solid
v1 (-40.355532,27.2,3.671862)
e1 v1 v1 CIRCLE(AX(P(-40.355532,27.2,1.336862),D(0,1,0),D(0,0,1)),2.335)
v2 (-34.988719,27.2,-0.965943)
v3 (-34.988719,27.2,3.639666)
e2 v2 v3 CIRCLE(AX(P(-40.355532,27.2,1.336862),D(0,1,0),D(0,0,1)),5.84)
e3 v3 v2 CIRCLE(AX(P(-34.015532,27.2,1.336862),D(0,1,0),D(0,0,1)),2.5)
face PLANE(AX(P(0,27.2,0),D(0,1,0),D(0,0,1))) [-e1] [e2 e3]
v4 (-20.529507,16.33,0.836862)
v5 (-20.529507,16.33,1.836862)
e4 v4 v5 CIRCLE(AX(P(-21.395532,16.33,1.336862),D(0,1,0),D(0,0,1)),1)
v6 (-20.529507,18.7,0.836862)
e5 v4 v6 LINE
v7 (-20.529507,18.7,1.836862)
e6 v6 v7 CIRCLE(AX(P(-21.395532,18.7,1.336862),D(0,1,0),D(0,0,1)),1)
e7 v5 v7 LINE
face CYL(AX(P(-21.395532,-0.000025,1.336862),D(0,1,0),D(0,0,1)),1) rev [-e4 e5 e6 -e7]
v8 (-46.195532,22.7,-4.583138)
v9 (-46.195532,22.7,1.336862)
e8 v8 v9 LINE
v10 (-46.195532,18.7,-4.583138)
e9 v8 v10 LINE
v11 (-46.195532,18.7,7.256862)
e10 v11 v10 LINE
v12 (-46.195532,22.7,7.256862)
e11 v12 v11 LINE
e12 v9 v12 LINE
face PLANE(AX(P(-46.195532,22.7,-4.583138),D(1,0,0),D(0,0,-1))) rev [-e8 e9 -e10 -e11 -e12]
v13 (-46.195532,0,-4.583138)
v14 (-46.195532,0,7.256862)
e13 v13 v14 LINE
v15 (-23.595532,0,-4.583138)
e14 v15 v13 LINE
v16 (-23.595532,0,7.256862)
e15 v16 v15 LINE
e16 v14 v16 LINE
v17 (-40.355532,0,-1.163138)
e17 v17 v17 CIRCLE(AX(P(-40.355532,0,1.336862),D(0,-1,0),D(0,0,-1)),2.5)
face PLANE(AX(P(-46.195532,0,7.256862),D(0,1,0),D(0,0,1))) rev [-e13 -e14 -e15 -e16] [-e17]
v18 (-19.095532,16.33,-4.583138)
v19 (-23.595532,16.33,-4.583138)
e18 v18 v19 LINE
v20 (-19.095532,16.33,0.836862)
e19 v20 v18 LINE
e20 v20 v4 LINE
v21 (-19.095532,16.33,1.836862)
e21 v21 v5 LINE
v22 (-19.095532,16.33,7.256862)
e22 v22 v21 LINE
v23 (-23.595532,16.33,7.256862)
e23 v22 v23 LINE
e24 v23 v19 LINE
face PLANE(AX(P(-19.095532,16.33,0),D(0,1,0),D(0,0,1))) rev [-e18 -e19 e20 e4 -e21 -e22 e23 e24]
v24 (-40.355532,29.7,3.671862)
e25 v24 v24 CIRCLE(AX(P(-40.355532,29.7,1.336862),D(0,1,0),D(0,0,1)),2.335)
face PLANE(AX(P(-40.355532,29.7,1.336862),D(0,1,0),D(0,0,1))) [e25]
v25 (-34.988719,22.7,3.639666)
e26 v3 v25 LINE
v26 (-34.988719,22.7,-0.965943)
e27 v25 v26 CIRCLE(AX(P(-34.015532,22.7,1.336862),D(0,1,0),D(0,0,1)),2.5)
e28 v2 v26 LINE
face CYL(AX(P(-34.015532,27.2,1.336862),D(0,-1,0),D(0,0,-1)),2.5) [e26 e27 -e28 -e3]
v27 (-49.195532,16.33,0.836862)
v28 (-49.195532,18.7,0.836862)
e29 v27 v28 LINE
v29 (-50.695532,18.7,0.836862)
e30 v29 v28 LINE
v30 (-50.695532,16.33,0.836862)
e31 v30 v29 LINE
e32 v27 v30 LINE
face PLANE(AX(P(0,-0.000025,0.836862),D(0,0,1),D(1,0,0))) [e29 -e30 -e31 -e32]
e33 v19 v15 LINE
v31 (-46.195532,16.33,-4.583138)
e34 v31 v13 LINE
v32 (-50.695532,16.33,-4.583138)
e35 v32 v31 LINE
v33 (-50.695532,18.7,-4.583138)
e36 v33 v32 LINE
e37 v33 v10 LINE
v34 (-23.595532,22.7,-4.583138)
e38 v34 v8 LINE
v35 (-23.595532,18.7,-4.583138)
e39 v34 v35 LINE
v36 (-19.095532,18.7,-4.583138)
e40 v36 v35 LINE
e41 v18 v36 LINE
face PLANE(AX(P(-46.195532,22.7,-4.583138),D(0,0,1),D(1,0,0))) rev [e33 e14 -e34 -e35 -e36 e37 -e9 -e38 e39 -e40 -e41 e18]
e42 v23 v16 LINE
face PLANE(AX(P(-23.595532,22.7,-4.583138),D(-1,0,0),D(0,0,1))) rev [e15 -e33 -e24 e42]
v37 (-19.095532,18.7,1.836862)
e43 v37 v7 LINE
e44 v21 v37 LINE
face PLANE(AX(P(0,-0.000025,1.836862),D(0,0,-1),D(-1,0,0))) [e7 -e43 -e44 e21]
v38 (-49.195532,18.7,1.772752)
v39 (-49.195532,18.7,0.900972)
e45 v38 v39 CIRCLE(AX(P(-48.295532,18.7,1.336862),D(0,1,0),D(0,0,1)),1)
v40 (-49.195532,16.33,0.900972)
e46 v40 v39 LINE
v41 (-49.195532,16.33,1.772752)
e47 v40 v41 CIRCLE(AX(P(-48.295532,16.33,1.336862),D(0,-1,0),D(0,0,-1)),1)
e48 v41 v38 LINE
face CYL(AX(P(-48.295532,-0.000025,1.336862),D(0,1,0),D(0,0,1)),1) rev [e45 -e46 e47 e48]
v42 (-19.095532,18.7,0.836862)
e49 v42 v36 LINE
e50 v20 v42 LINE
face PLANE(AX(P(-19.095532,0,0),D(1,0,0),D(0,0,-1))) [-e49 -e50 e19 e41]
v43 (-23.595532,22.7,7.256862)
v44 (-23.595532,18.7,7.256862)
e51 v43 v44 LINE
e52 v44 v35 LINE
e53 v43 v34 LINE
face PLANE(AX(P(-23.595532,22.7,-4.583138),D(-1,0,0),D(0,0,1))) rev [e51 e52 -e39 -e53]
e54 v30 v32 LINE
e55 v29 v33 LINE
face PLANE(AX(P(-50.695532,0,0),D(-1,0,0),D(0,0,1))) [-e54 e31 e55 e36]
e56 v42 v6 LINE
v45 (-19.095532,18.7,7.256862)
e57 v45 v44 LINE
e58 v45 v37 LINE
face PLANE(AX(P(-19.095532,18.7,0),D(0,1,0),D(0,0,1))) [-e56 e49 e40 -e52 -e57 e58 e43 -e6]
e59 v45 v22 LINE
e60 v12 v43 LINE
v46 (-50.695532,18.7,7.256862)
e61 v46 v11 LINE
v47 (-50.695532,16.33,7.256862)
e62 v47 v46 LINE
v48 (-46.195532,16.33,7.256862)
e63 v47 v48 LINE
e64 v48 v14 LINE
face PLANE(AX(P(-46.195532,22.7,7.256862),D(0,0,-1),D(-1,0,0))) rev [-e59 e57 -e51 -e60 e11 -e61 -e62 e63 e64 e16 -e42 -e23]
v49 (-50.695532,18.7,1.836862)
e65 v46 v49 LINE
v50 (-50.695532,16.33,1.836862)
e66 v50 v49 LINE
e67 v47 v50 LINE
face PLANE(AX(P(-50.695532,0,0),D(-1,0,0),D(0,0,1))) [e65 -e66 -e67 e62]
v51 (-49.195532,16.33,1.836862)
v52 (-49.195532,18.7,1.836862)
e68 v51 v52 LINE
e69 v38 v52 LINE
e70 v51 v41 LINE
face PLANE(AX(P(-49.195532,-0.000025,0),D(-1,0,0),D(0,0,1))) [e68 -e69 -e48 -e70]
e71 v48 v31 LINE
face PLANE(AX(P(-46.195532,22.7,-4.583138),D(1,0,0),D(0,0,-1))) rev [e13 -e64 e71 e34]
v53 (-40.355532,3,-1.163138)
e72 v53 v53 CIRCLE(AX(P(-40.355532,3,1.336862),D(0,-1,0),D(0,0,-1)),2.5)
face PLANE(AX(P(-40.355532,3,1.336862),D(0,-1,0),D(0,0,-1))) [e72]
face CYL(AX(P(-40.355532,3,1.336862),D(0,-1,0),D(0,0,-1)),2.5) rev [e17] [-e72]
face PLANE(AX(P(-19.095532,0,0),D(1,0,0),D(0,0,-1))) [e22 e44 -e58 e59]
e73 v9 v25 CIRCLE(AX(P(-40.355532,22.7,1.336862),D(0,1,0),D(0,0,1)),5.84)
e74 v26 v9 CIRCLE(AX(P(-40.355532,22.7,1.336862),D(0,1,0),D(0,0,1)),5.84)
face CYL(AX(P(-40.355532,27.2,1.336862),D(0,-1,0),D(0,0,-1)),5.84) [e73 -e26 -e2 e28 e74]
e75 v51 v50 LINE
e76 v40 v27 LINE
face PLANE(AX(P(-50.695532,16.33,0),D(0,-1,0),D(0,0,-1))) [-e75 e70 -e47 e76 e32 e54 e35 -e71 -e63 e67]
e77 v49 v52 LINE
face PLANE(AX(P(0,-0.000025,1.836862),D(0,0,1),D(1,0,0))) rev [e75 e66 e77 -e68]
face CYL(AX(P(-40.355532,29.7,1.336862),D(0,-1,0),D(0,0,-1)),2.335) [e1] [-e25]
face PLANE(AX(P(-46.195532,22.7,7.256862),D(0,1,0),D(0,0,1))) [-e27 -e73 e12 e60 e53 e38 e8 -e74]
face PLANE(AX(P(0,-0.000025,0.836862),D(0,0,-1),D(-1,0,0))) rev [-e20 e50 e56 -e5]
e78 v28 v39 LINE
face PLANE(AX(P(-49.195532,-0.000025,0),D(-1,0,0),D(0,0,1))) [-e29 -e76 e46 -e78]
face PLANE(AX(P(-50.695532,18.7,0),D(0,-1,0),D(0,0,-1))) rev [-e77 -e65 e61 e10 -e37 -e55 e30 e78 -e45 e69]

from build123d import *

# Parameters (mm, degrees)
SKETCH1_W            = 22.6
SKETCH1_H            = 11.84
BOSS_EXTRUDE1_DEPTH  = 22.7
SKETCH4_R            = 5.84
BOSS_EXTRUDE6_DEPTH  = 4.5
SKETCH12_R           = 2.335
BOSS_EXTRUDE7_DEPTH  = 2.5
SKETCH13_R           = 2.5
BOSS_EXTRUDE8_DEPTH  = 4.5
SKETCH14_W           = 11.84
SKETCH14_H           = 2.37
BOSS_EXTRUDE10_DEPTH = 4.5
SKETCH15_R           = 1
SKETCH15_W           = 1.5
SKETCH15_H           = 1
CUT_EXTRUDE3_DEPTH   = 51.362478675
SKETCH16_W           = 11.84
SKETCH16_H           = 2.37
BOSS_EXTRUDE11_DEPTH = 4.5
SKETCH17_R           = 1
SKETCH17_W           = 1.5
SKETCH17_H           = 1
CUT_EXTRUDE4_DEPTH   = 55.51962078
SKETCH18_R           = 2.5
CUT_EXTRUDE5_DEPTH   = 3


with BuildPart() as part:
    # Sketch1 → Boss-Extrude1 (new body)
    with BuildSketch(Plane(origin=(0, 0, 0), x_dir=(1, 0, 0), z_dir=(0, 1, 0))):
        with Locations((-34.895532414, -1.336861806)):
            Rectangle(SKETCH1_W, SKETCH1_H)
    extrude(amount=BOSS_EXTRUDE1_DEPTH)

    # Sketch4 → Boss-Extrude6 (add)
    with BuildSketch(Plane(origin=(0, 22.7, 0), x_dir=(-1, 0, 0), z_dir=(0, 1, 0))):
        with Locations((40.355532414, 1.336861806)):
            Circle(SKETCH4_R)
    extrude(amount=BOSS_EXTRUDE6_DEPTH)

    # Sketch12 → Boss-Extrude7 (add)
    with BuildSketch(Plane(origin=(0, 27.2, 0), x_dir=(-1, 0, 0), z_dir=(0, 1, 0))):
        with Locations(Location((40.355532414, 1.336861806, 0), (0, 0, 90))):
            Circle(SKETCH12_R)
    extrude(amount=BOSS_EXTRUDE7_DEPTH)

    # Sketch13 → Boss-Extrude8 (add)
    with BuildSketch(Plane(origin=(0, 22.7, 0), x_dir=(-1, 0, 0), z_dir=(0, 1, 0))):
        with Locations((34.015532414, 1.336861806)):
            Circle(SKETCH13_R)
    extrude(amount=BOSS_EXTRUDE8_DEPTH)

    # Sketch14 → Boss-Extrude10 (add)
    with BuildSketch(Plane(origin=(-23.595532414, 0, 0), x_dir=(0, 0, -1), z_dir=(1, 0, 0))):
        with Locations((-1.336861806, 17.515)):
            Rectangle(SKETCH14_W, SKETCH14_H)
    extrude(amount=BOSS_EXTRUDE10_DEPTH)

    # Sketch15 → Cut-Extrude3 (cut, through all)
    with BuildSketch(Plane(origin=(0, 18.7, 0), x_dir=(-1, 0, 0), z_dir=(0, 1, 0))):
        with Locations((21.395532414, 1.336861806)):
            Circle(SKETCH15_R)
        with Locations((48.395532414, 1.336861806)):
            Circle(SKETCH15_R)
        with Locations((19.845532414, 1.336861806)):
            Rectangle(SKETCH15_W, SKETCH15_H)
    extrude(amount=-CUT_EXTRUDE3_DEPTH, mode=Mode.SUBTRACT)

    # Sketch16 → Boss-Extrude11 (add)
    with BuildSketch(Plane.ZY.offset(46.195532414)):
        with Locations((1.336861806, 17.515)):
            Rectangle(SKETCH16_W, SKETCH16_H)
    extrude(amount=BOSS_EXTRUDE11_DEPTH)

    # Sketch17 → Cut-Extrude4 (cut, through all)
    with BuildSketch(Plane(origin=(0, 18.7, 0), x_dir=(-1, 0, 0), z_dir=(0, 1, 0))):
        with Locations((48.295532414, 1.336861806)):
            Circle(SKETCH17_R)
        with Locations((49.945532414, 1.336861806)):
            Rectangle(SKETCH17_W, SKETCH17_H)
    extrude(amount=-CUT_EXTRUDE4_DEPTH, mode=Mode.SUBTRACT)

    # Sketch18 → Cut-Extrude5 (cut)
    with BuildSketch(Plane(origin=(0, 0, 0), x_dir=(-1, 0, 0), z_dir=(0, -1, 0))):
        with Locations(Location((40.355532414, -1.336861806, 0), (0, 0, 90))):
            Circle(SKETCH18_R)
    extrude(amount=-CUT_EXTRUDE5_DEPTH, mode=Mode.SUBTRACT)


solid = part.part
